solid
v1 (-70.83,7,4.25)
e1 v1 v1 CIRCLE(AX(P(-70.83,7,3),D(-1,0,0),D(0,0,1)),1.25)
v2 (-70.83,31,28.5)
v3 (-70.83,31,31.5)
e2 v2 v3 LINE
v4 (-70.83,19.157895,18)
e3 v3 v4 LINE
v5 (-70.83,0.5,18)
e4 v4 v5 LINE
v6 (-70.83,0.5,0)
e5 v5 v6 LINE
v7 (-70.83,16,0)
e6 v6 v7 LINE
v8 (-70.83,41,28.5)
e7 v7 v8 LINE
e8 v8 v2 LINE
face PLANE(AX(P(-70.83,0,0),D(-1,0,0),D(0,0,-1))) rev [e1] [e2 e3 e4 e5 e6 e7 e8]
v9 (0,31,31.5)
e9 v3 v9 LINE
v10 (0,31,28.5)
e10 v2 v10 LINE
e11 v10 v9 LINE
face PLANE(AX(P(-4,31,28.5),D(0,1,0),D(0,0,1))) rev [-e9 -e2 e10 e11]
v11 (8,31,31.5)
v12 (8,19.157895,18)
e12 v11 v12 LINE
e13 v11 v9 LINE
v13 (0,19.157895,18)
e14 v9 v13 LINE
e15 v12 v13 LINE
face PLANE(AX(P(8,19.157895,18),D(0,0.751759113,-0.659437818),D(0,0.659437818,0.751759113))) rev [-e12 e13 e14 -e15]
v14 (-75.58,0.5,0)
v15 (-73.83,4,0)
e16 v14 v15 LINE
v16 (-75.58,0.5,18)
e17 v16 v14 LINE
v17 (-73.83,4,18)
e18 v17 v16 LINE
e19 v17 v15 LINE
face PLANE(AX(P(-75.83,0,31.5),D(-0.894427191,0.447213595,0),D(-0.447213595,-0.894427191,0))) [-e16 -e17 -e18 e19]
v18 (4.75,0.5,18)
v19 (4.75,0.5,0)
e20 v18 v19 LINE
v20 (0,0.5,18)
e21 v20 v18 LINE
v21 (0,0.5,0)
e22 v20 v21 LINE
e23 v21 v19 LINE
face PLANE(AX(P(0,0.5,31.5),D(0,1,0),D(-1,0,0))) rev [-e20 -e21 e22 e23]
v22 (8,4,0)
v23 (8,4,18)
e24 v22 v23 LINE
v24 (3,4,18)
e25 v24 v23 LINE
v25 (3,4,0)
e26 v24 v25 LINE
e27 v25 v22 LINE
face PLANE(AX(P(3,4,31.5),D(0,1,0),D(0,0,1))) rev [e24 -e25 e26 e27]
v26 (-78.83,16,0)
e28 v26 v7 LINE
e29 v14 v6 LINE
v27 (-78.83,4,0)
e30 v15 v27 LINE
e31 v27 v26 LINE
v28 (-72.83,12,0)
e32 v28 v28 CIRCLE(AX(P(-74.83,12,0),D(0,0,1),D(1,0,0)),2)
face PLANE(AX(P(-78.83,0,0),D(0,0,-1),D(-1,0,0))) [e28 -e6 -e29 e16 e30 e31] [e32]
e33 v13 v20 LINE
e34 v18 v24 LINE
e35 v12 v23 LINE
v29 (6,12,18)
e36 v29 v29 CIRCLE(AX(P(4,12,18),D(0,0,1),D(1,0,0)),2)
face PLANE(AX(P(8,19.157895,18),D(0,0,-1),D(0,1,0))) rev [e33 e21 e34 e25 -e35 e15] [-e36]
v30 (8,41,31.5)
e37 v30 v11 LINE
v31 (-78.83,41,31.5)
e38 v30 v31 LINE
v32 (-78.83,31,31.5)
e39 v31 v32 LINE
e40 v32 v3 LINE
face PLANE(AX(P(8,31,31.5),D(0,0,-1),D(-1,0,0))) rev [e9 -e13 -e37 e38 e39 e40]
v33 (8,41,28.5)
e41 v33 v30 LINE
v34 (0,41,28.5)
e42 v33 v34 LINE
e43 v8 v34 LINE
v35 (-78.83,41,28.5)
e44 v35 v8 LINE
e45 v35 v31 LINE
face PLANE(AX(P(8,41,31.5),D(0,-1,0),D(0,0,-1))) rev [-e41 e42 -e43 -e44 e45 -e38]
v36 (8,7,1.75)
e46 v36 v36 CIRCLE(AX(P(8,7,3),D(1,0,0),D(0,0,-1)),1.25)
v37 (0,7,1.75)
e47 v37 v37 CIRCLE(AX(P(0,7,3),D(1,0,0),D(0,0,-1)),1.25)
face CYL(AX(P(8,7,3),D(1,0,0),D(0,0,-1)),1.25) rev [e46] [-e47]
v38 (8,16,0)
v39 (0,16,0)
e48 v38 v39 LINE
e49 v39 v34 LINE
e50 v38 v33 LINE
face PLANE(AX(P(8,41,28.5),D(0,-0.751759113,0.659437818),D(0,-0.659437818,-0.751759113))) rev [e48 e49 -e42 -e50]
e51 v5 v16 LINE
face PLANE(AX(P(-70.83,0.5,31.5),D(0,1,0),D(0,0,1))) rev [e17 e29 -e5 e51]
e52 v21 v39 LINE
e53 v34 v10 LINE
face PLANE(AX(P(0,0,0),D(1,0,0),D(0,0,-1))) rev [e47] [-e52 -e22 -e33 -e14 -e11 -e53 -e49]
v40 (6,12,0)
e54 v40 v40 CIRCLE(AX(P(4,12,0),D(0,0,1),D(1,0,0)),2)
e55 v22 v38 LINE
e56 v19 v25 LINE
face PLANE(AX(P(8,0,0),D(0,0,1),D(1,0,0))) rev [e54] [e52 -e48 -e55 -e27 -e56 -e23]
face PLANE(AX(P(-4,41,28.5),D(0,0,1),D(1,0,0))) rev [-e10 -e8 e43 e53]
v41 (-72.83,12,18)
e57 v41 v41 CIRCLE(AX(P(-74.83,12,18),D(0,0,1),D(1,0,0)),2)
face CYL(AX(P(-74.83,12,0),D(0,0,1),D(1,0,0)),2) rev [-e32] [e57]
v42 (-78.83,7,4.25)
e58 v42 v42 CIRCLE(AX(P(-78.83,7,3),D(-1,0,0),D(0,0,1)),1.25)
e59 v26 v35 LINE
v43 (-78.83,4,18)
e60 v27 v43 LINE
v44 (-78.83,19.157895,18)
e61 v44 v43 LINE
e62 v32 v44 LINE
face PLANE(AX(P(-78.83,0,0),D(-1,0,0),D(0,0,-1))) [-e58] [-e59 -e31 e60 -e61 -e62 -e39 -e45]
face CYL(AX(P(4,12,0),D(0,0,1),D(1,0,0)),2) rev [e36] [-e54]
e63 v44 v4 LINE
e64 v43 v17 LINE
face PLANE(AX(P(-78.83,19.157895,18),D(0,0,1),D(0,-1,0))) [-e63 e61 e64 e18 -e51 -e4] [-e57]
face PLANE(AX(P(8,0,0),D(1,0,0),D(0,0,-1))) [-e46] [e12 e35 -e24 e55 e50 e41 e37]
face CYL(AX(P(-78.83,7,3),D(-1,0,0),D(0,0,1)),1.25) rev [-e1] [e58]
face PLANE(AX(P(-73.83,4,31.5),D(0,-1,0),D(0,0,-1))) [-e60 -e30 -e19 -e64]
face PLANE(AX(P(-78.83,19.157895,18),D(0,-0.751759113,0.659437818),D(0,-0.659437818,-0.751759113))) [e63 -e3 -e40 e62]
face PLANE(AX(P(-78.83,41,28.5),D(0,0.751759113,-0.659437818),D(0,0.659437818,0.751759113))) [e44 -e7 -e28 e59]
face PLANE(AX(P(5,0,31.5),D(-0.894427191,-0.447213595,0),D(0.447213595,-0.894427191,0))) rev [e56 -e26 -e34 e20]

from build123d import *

# Parameters (mm, degrees)
BOSS_EXTRUDE1_DEPTH   = 8
CUT_EXTRUDE2_DEPTH    = 53.318734694
M3X0_5_TAPPED_HOLE1_D = 2.5
SKETCH7_W             = 3
SKETCH7_H             = 10
BOSS_EXTRUDE2_DEPTH   = 4
SKETCH8_W             = 3
SKETCH8_H             = 10
BOSS_EXTRUDE3_DEPTH   = 66.83
SKETCH10_R            = 2
CUT_EXTRUDE3_DEPTH    = 91.659632141
SKETCH11_R            = 2
CUT_EXTRUDE4_DEPTH    = 91.659632141
SKETCH12_W            = 8
SKETCH12_H            = 0.5
CUT_EXTRUDE5_DEPTH    = 95.273108043
SKETCH13_W            = 8
SKETCH13_H            = 0.5
CUT_EXTRUDE6_DEPTH    = 95.273108043


with BuildPart() as part:
    # Sketch1 → Boss-Extrude1 (new body)
    with BuildSketch(Plane(origin=(0, 0, 0), x_dir=(0, 0, -1), z_dir=(1, 0, 0))):
        Polygon((0, 0), (0, 16), (-28.5, 41), (-31.5, 41), (-31.5, 31), (-18, 19.157894737), (-18, 0), align=None)
    boss_extrude1 = extrude(amount=BOSS_EXTRUDE1_DEPTH)

    # Sketch3 → Cut-Extrude2 (cut, through all)
    with BuildSketch(Plane(origin=(0, 0, 0), x_dir=(-1, 0, 0), z_dir=(0, 0, -1))):
        Polygon((-8, 0), (-5, 0), (-3, 4), (-8, 4), align=None)
    cut_extrude2 = extrude(amount=-CUT_EXTRUDE2_DEPTH, mode=Mode.SUBTRACT)

    # M3x0.5 Tapped Hole1 (through all)
    with Locations(Plane(origin=(8, 7, 3), x_dir=(0, 0, 1), z_dir=(1, 0, 0))):
        with Locations((0, 0)):
            m3x0_5_tapped_hole1 = Hole(M3X0_5_TAPPED_HOLE1_D / 2)

    # Sketch7 → Boss-Extrude2 (add)
    with BuildSketch(Plane.ZY):
        with Locations((30, 36)):
            Rectangle(SKETCH7_W, SKETCH7_H)
    extrude(amount=BOSS_EXTRUDE2_DEPTH)

    # Sketch8 → Boss-Extrude3 (add)
    with BuildSketch(Plane.ZY.offset(4)):
        with Locations((30, 36)):
            Rectangle(SKETCH8_W, SKETCH8_H)
    extrude(amount=BOSS_EXTRUDE3_DEPTH)

    # Mirror1: Boss-Extrude1, Cut-Extrude2, M3x0.5 Tapped Hole1 across plane
    add(boss_extrude1.mirror(Plane.ZY.offset(35.415)))
    add(cut_extrude2.mirror(Plane.ZY.offset(35.415)), mode=Mode.SUBTRACT)
    add(m3x0_5_tapped_hole1.mirror(Plane.ZY.offset(35.415)), mode=Mode.SUBTRACT)

    # Sketch10 → Cut-Extrude3 (cut, through all)
    with BuildSketch(Plane.XY.offset(18)):
        with Locations((4, 12)):
            Circle(SKETCH10_R)
    extrude(amount=-CUT_EXTRUDE3_DEPTH, mode=Mode.SUBTRACT)

    # Sketch11 → Cut-Extrude4 (cut, through all)
    with BuildSketch(Plane.XY.offset(18)):
        with Locations((-74.83, 12)):
            Circle(SKETCH11_R)
    extrude(amount=-CUT_EXTRUDE4_DEPTH, mode=Mode.SUBTRACT)

    # Sketch12 → Cut-Extrude5 (cut, through all)
    with BuildSketch(Plane(origin=(0, 0, 0), x_dir=(-1, 0, 0), z_dir=(0, 0, -1))):
        with Locations((-4, 0.25)):
            Rectangle(SKETCH12_W, SKETCH12_H)
    extrude(amount=-CUT_EXTRUDE5_DEPTH, mode=Mode.SUBTRACT)

    # Sketch13 → Cut-Extrude6 (cut, through all)
    with BuildSketch(Plane(origin=(0, 0, 0), x_dir=(-1, 0, 0), z_dir=(0, 0, -1))):
        with Locations((74.83, 0.25)):
            Rectangle(SKETCH13_W, SKETCH13_H)
    extrude(amount=-CUT_EXTRUDE6_DEPTH, mode=Mode.SUBTRACT)


solid = part.part
